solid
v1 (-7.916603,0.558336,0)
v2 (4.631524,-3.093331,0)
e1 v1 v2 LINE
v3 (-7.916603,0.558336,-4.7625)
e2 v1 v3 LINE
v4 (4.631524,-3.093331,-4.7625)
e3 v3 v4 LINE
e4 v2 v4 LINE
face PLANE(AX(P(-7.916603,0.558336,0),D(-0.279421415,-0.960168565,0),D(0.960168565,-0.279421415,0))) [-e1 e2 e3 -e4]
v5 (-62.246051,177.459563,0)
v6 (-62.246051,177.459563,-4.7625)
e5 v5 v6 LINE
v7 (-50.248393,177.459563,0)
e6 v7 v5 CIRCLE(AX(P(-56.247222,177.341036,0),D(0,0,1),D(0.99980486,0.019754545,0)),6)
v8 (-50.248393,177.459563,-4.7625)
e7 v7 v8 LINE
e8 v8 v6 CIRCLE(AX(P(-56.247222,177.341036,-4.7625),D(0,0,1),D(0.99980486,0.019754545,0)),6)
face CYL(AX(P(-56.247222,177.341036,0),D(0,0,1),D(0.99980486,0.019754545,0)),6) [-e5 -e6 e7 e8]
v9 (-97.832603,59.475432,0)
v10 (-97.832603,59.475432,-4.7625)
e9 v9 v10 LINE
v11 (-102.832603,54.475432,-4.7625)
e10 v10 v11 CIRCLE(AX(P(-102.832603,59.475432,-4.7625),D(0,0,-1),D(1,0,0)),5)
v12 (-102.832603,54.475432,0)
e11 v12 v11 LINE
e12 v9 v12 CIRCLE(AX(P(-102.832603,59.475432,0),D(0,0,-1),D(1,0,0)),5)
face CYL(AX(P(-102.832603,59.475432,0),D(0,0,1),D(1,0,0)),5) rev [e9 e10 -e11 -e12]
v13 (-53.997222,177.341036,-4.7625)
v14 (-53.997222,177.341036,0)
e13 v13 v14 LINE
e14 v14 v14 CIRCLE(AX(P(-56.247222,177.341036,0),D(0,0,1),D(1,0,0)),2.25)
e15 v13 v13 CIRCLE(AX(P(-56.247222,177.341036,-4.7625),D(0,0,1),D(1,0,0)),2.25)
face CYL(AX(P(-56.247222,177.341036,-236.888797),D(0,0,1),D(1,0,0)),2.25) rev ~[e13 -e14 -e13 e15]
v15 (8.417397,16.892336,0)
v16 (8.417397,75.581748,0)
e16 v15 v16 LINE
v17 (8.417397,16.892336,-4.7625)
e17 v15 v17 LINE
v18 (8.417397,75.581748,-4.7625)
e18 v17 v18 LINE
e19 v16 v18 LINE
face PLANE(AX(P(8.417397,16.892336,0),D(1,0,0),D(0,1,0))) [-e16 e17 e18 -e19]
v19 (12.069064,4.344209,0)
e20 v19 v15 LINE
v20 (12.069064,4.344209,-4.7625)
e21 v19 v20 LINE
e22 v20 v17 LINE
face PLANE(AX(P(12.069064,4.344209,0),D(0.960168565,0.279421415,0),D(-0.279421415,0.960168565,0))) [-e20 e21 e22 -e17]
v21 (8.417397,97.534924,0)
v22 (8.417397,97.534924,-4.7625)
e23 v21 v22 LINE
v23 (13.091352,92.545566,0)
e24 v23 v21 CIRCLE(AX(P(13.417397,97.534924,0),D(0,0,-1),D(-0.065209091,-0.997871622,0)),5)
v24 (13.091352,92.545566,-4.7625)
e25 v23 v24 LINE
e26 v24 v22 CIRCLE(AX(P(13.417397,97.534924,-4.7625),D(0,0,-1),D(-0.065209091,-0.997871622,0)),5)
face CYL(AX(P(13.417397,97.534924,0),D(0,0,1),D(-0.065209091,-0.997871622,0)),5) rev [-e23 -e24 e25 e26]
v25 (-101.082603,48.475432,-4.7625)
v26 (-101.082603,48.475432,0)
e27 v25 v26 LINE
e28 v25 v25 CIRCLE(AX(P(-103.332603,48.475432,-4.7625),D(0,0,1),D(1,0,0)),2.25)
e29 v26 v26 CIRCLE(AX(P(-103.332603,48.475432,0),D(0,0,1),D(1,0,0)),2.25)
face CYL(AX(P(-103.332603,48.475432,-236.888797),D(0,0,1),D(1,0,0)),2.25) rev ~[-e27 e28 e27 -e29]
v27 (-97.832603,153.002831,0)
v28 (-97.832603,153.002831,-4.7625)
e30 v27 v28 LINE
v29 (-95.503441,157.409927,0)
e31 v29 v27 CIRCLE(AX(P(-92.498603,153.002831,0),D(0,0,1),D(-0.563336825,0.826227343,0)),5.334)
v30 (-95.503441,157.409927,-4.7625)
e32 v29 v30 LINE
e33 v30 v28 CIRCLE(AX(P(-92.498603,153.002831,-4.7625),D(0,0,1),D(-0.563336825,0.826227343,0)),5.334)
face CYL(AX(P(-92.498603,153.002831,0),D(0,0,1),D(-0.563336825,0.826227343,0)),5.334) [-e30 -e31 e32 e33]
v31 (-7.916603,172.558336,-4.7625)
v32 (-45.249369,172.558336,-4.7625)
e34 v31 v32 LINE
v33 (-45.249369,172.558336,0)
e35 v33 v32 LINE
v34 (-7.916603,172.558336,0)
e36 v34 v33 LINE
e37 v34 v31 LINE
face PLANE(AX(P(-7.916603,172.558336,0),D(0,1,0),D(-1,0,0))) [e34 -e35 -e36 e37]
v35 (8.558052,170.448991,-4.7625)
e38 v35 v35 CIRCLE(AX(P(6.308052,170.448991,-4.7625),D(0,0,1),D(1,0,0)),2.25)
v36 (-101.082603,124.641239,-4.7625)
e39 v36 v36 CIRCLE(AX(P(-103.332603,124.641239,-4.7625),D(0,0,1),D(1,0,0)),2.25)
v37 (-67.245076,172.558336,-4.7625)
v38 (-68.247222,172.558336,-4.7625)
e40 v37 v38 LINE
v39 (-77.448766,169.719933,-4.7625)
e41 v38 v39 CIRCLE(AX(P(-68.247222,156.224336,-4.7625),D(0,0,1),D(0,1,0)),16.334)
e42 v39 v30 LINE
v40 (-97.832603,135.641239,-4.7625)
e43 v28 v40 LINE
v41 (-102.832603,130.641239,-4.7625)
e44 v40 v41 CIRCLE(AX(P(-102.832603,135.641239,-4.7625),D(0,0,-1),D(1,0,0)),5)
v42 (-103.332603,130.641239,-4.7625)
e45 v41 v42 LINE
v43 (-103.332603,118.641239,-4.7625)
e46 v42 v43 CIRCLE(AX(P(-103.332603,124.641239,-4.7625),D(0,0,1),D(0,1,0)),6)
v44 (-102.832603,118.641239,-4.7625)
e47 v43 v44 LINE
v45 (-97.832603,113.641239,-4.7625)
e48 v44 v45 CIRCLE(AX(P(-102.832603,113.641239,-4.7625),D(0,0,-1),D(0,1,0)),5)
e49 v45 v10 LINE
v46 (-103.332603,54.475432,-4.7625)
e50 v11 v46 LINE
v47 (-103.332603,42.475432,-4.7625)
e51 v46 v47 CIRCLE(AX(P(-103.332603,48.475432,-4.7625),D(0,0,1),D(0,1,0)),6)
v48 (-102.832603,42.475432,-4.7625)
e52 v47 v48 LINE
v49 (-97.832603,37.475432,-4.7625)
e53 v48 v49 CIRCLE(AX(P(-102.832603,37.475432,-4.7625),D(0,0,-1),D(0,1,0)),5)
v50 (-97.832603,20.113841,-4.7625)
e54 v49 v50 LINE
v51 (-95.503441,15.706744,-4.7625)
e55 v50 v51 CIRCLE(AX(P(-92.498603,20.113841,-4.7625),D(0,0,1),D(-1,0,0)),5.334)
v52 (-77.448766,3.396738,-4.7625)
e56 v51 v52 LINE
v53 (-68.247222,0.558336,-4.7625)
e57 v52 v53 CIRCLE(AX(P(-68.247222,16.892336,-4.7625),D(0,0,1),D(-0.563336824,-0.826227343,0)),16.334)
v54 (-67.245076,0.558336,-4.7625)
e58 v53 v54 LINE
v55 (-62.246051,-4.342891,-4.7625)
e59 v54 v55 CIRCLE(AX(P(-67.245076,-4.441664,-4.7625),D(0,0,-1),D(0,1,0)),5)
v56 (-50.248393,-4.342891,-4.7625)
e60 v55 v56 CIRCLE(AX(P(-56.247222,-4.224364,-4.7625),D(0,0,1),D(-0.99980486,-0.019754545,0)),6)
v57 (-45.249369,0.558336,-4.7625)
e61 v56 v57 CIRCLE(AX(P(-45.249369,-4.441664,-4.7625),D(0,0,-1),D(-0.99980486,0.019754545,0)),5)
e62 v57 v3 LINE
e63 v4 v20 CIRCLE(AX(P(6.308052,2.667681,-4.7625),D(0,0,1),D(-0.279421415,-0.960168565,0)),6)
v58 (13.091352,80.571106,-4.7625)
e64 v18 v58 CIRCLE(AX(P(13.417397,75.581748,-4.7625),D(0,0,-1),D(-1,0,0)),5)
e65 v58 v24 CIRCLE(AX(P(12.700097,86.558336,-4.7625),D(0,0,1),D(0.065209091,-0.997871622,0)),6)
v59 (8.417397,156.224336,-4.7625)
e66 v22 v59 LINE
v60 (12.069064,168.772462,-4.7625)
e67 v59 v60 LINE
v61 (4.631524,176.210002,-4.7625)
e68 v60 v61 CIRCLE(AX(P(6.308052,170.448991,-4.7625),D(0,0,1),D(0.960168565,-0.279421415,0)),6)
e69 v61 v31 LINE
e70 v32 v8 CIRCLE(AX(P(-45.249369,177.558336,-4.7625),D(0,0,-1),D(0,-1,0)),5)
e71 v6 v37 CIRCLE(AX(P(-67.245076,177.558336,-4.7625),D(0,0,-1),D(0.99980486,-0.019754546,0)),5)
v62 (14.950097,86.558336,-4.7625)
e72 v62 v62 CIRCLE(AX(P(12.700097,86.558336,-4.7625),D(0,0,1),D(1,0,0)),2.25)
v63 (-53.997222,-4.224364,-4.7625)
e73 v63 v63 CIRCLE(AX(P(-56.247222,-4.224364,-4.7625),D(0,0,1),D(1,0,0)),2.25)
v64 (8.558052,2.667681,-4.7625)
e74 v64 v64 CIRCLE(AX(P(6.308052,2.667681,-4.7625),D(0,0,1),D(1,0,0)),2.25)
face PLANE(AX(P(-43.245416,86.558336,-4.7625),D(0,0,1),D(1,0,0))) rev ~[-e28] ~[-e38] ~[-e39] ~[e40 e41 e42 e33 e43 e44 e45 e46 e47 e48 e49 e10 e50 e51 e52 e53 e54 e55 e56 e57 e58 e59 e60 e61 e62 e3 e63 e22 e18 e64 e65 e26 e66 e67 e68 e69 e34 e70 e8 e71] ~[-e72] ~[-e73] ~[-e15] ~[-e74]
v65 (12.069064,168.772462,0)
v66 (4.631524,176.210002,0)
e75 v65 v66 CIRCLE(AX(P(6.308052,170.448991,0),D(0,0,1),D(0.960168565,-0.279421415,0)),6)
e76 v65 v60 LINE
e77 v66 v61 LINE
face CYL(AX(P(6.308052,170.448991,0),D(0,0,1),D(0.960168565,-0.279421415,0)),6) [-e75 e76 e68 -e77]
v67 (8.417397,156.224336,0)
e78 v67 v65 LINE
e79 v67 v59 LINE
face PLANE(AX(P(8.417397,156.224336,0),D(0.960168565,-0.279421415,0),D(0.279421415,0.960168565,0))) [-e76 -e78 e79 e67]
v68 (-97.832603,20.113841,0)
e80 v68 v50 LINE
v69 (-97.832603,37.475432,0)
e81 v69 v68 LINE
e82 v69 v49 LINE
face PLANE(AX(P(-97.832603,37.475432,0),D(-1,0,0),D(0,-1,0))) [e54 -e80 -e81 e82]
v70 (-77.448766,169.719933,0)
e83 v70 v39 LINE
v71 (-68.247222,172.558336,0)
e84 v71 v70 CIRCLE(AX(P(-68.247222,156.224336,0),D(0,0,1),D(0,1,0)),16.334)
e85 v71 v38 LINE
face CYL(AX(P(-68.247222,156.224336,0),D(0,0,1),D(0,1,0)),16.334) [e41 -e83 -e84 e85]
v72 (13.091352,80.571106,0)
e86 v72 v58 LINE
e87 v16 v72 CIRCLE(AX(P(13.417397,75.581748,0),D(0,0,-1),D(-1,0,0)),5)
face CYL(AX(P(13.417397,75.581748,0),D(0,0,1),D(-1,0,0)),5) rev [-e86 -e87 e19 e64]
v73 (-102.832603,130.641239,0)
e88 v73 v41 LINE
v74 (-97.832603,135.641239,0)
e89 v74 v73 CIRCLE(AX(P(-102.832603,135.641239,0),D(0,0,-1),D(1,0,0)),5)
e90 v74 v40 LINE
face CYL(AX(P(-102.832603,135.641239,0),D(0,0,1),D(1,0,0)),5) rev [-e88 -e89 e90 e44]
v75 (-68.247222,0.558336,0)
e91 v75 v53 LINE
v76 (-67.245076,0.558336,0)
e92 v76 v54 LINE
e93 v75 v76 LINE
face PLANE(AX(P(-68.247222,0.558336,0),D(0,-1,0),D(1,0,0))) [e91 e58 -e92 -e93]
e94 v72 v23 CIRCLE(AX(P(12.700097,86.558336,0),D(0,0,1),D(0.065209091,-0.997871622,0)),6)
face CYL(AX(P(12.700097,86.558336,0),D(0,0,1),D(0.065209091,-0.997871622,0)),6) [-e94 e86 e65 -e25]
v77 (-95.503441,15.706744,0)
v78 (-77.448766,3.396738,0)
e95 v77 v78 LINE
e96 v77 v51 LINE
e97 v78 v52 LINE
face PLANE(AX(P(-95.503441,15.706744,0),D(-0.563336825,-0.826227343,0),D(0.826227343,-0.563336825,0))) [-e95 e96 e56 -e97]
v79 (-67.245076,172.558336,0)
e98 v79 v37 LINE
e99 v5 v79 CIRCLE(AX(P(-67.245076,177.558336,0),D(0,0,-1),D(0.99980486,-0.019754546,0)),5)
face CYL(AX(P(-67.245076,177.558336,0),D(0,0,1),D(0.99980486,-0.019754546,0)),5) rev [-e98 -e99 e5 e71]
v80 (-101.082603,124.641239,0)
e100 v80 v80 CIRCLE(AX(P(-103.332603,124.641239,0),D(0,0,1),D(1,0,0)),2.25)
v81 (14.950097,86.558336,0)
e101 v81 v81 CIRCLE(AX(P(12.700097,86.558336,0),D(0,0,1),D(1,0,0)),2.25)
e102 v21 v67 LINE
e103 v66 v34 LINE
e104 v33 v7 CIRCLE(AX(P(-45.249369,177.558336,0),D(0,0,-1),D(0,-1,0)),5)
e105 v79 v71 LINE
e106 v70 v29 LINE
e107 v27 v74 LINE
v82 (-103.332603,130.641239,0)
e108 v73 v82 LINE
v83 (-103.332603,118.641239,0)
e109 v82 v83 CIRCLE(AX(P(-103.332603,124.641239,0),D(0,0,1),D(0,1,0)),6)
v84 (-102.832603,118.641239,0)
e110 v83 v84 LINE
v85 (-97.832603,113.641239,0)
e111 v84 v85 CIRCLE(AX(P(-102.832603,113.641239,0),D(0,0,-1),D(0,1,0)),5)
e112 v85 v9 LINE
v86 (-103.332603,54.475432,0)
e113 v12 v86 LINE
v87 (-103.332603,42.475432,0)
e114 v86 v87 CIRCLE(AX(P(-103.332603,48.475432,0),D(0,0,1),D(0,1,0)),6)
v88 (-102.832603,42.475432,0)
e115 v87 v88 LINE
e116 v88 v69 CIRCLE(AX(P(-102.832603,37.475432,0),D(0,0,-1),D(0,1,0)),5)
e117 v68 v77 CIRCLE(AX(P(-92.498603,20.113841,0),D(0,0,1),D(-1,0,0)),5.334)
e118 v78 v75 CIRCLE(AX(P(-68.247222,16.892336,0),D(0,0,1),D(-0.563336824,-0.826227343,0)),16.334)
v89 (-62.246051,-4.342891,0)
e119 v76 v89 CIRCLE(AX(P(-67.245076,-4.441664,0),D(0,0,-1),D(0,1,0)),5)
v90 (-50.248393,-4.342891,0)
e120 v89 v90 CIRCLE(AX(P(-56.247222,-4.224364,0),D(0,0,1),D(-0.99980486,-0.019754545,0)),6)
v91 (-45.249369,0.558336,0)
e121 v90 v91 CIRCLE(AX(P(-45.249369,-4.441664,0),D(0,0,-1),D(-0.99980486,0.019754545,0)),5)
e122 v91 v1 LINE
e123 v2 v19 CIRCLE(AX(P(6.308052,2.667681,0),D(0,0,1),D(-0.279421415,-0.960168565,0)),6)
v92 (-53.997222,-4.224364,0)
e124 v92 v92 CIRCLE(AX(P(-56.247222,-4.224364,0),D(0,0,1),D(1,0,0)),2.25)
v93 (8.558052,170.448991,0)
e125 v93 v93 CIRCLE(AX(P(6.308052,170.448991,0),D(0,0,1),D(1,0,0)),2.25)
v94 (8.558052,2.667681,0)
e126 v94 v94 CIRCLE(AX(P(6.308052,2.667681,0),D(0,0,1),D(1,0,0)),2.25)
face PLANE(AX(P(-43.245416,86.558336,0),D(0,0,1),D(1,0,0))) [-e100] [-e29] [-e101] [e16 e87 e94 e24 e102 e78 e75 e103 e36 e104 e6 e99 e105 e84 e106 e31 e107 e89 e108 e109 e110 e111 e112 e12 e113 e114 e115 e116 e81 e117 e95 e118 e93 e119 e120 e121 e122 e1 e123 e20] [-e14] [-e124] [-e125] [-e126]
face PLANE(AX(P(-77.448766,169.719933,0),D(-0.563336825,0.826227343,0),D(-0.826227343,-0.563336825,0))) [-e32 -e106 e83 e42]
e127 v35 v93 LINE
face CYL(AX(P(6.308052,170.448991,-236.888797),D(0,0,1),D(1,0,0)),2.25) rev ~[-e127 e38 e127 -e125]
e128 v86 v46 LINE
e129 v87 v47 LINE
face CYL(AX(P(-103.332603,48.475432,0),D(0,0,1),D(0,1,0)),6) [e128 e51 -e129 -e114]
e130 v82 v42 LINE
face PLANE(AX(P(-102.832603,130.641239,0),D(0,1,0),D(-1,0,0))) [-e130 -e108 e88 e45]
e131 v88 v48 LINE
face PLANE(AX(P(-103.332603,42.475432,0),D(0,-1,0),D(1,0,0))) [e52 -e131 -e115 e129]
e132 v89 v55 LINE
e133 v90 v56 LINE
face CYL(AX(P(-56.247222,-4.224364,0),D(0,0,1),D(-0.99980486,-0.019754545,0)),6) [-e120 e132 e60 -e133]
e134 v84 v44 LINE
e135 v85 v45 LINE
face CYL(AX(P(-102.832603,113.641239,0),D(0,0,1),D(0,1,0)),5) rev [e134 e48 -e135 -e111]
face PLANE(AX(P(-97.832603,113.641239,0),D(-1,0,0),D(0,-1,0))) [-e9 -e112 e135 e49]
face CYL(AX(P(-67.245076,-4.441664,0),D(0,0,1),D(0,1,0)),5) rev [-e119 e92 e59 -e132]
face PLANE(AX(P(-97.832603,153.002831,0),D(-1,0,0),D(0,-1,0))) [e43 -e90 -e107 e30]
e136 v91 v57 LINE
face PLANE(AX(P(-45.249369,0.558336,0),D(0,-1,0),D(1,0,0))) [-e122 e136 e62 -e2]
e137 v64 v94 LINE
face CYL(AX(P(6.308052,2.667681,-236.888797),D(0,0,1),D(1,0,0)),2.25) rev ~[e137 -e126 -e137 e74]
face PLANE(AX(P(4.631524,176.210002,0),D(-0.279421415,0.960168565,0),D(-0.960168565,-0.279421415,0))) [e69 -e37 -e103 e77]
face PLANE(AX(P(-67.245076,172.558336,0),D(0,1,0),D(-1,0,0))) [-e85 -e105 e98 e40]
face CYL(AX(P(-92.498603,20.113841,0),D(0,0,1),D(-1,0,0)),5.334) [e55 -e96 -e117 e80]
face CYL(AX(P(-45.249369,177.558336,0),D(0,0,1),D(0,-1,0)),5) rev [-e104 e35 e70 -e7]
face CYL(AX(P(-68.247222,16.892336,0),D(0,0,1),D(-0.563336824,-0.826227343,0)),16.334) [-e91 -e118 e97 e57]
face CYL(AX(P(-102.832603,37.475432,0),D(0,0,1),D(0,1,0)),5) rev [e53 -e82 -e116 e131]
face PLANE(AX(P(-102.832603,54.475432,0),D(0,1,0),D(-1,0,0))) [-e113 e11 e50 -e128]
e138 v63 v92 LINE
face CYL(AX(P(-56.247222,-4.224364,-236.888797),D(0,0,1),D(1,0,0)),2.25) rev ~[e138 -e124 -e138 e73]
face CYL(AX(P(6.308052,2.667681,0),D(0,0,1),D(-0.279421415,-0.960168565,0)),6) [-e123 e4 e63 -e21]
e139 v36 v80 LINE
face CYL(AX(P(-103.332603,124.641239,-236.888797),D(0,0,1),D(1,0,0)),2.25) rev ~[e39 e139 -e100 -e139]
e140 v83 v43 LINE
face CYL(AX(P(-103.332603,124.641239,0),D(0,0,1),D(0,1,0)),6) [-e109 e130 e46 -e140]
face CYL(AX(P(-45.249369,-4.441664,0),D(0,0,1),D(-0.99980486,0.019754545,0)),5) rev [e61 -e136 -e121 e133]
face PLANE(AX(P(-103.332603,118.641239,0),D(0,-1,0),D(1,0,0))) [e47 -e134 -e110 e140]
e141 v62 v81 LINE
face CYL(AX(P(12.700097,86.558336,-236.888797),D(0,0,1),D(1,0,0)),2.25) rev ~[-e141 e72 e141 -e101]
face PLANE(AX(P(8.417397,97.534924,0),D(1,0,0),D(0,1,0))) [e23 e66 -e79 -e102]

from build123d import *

# Parameters (mm, degrees)
BOSS_EXTRUDE1_DEPTH  = 4.7625
M4_CLEARANCE_HOLE1_D = 4.5


with BuildPart() as part:
    # Sketch1 → Boss-Extrude1 (new body)
    with BuildSketch(Plane.XY):
        with BuildLine():
            Line((-97.832602581, 37.475432296), (-97.832602581, 20.113840969))
            ThreePointArc((-97.832602581, 20.113840969), (-97.214499379, 17.621477955), (-95.503441204, 15.706744322))
            Line((-95.503441204, 15.706744322), (-77.448765904, 3.396738436))
            ThreePointArc((-77.448765904, 3.396738436), (-73.061911597, 1.284058495), (-68.247222211, 0.558335853))
            Line((-68.247222211, 0.558335853), (-67.24507567, 0.558335853))
            ThreePointArc((-67.24507567, 0.558335853), (-63.744637386, -0.87137959), (-62.24605137, -4.342891419))
            ThreePointArc((-62.24605137, -4.342891419), (-56.247222211, -10.224364147), (-50.248393051, -4.342891419))
            ThreePointArc((-50.248393051, -4.342891419), (-48.749807036, -0.87137959), (-45.249368751, 0.558335853))
            Line((-45.249368751, 0.558335853), (-7.916602581, 0.558335853))
            Line((-7.916602581, 0.558335853), (4.631523913, -3.09333052))
            ThreePointArc((4.631523913, -3.09333052), (10.550693091, -1.574959819), (12.069063792, 4.344209359))
            Line((12.069063792, 4.344209359), (8.417397419, 16.892335853))
            Line((8.417397419, 16.892335853), (8.417397419, 75.581748009))
            ThreePointArc((8.417397419, 75.581748009), (9.768409389, 79.000064314), (13.091351964, 80.57110612))
            ThreePointArc((13.091351964, 80.57110612), (18.700097419, 86.558335853), (13.091351964, 92.545565587))
            ThreePointArc((13.091351964, 92.545565587), (9.768409389, 94.116607393), (8.417397419, 97.534923698))
            Line((8.417397419, 97.534923698), (8.417397419, 156.224335853))
            Line((8.417397419, 156.224335853), (12.069063792, 168.772462348))
            ThreePointArc((12.069063792, 168.772462348), (10.550693091, 174.691631526), (4.631523913, 176.210002227))
            Line((4.631523913, 176.210002227), (-7.916602581, 172.558335853))
            Line((-7.916602581, 172.558335853), (-45.249368751, 172.558335853))
            ThreePointArc((-45.249368751, 172.558335853), (-48.749807036, 173.988051296), (-50.248393051, 177.459563126))
            ThreePointArc((-50.248393051, 177.459563126), (-56.247222211, 183.341035853), (-62.24605137, 177.459563126))
            ThreePointArc((-62.24605137, 177.459563126), (-63.744637386, 173.988051296), (-67.24507567, 172.558335853))
            Line((-67.24507567, 172.558335853), (-68.247222211, 172.558335853))
            ThreePointArc((-68.247222211, 172.558335853), (-73.061911597, 171.832613212), (-77.448765904, 169.719933271))
            Line((-77.448765904, 169.719933271), (-95.503441204, 157.409927385))
            ThreePointArc((-95.503441204, 157.409927385), (-97.214499379, 155.495193752), (-97.832602581, 153.002830738))
            Line((-97.832602581, 153.002830738), (-97.832602581, 135.641239411))
            ThreePointArc((-97.832602581, 135.641239411), (-99.297068676, 132.105705505), (-102.832602581, 130.641239411))
            Line((-102.832602581, 130.641239411), (-103.332602581, 130.641239411))
            ThreePointArc((-103.332602581, 130.641239411), (-109.332602581, 124.641239411), (-103.332602581, 118.641239411))
            Line((-103.332602581, 118.641239411), (-102.832602581, 118.641239411))
            ThreePointArc((-102.832602581, 118.641239411), (-99.297068676, 117.176773317), (-97.832602581, 113.641239411))
            Line((-97.832602581, 113.641239411), (-97.832602581, 59.475432296))
            ThreePointArc((-97.832602581, 59.475432296), (-99.297068676, 55.93989839), (-102.832602581, 54.475432296))
            Line((-102.832602581, 54.475432296), (-103.332602581, 54.475432296))
            ThreePointArc((-103.332602581, 54.475432296), (-109.332602581, 48.475432296), (-103.332602581, 42.475432296))
            Line((-103.332602581, 42.475432296), (-102.832602581, 42.475432296))
            ThreePointArc((-102.832602581, 42.475432296), (-99.297068676, 41.010966202), (-97.832602581, 37.475432296))
        make_face()
    extrude(amount=-BOSS_EXTRUDE1_DEPTH)

    # M4 Clearance Hole1 (through all)
    with Locations(Plane(origin=(0, 0, -4.7625), x_dir=(-1, 0, 0), z_dir=(0, 0, -1))):
        with Locations((103.332602581, 48.475432296), (56.247222211, -4.224364147), (-12.700097419, 86.558335853), (56.247222211, 177.341035853), (103.332602581, 124.641239411), (-6.308052404, 2.667680868), (-6.308052404, 170.448990839)):
            Hole(M4_CLEARANCE_HOLE1_D / 2)


solid = part.part
